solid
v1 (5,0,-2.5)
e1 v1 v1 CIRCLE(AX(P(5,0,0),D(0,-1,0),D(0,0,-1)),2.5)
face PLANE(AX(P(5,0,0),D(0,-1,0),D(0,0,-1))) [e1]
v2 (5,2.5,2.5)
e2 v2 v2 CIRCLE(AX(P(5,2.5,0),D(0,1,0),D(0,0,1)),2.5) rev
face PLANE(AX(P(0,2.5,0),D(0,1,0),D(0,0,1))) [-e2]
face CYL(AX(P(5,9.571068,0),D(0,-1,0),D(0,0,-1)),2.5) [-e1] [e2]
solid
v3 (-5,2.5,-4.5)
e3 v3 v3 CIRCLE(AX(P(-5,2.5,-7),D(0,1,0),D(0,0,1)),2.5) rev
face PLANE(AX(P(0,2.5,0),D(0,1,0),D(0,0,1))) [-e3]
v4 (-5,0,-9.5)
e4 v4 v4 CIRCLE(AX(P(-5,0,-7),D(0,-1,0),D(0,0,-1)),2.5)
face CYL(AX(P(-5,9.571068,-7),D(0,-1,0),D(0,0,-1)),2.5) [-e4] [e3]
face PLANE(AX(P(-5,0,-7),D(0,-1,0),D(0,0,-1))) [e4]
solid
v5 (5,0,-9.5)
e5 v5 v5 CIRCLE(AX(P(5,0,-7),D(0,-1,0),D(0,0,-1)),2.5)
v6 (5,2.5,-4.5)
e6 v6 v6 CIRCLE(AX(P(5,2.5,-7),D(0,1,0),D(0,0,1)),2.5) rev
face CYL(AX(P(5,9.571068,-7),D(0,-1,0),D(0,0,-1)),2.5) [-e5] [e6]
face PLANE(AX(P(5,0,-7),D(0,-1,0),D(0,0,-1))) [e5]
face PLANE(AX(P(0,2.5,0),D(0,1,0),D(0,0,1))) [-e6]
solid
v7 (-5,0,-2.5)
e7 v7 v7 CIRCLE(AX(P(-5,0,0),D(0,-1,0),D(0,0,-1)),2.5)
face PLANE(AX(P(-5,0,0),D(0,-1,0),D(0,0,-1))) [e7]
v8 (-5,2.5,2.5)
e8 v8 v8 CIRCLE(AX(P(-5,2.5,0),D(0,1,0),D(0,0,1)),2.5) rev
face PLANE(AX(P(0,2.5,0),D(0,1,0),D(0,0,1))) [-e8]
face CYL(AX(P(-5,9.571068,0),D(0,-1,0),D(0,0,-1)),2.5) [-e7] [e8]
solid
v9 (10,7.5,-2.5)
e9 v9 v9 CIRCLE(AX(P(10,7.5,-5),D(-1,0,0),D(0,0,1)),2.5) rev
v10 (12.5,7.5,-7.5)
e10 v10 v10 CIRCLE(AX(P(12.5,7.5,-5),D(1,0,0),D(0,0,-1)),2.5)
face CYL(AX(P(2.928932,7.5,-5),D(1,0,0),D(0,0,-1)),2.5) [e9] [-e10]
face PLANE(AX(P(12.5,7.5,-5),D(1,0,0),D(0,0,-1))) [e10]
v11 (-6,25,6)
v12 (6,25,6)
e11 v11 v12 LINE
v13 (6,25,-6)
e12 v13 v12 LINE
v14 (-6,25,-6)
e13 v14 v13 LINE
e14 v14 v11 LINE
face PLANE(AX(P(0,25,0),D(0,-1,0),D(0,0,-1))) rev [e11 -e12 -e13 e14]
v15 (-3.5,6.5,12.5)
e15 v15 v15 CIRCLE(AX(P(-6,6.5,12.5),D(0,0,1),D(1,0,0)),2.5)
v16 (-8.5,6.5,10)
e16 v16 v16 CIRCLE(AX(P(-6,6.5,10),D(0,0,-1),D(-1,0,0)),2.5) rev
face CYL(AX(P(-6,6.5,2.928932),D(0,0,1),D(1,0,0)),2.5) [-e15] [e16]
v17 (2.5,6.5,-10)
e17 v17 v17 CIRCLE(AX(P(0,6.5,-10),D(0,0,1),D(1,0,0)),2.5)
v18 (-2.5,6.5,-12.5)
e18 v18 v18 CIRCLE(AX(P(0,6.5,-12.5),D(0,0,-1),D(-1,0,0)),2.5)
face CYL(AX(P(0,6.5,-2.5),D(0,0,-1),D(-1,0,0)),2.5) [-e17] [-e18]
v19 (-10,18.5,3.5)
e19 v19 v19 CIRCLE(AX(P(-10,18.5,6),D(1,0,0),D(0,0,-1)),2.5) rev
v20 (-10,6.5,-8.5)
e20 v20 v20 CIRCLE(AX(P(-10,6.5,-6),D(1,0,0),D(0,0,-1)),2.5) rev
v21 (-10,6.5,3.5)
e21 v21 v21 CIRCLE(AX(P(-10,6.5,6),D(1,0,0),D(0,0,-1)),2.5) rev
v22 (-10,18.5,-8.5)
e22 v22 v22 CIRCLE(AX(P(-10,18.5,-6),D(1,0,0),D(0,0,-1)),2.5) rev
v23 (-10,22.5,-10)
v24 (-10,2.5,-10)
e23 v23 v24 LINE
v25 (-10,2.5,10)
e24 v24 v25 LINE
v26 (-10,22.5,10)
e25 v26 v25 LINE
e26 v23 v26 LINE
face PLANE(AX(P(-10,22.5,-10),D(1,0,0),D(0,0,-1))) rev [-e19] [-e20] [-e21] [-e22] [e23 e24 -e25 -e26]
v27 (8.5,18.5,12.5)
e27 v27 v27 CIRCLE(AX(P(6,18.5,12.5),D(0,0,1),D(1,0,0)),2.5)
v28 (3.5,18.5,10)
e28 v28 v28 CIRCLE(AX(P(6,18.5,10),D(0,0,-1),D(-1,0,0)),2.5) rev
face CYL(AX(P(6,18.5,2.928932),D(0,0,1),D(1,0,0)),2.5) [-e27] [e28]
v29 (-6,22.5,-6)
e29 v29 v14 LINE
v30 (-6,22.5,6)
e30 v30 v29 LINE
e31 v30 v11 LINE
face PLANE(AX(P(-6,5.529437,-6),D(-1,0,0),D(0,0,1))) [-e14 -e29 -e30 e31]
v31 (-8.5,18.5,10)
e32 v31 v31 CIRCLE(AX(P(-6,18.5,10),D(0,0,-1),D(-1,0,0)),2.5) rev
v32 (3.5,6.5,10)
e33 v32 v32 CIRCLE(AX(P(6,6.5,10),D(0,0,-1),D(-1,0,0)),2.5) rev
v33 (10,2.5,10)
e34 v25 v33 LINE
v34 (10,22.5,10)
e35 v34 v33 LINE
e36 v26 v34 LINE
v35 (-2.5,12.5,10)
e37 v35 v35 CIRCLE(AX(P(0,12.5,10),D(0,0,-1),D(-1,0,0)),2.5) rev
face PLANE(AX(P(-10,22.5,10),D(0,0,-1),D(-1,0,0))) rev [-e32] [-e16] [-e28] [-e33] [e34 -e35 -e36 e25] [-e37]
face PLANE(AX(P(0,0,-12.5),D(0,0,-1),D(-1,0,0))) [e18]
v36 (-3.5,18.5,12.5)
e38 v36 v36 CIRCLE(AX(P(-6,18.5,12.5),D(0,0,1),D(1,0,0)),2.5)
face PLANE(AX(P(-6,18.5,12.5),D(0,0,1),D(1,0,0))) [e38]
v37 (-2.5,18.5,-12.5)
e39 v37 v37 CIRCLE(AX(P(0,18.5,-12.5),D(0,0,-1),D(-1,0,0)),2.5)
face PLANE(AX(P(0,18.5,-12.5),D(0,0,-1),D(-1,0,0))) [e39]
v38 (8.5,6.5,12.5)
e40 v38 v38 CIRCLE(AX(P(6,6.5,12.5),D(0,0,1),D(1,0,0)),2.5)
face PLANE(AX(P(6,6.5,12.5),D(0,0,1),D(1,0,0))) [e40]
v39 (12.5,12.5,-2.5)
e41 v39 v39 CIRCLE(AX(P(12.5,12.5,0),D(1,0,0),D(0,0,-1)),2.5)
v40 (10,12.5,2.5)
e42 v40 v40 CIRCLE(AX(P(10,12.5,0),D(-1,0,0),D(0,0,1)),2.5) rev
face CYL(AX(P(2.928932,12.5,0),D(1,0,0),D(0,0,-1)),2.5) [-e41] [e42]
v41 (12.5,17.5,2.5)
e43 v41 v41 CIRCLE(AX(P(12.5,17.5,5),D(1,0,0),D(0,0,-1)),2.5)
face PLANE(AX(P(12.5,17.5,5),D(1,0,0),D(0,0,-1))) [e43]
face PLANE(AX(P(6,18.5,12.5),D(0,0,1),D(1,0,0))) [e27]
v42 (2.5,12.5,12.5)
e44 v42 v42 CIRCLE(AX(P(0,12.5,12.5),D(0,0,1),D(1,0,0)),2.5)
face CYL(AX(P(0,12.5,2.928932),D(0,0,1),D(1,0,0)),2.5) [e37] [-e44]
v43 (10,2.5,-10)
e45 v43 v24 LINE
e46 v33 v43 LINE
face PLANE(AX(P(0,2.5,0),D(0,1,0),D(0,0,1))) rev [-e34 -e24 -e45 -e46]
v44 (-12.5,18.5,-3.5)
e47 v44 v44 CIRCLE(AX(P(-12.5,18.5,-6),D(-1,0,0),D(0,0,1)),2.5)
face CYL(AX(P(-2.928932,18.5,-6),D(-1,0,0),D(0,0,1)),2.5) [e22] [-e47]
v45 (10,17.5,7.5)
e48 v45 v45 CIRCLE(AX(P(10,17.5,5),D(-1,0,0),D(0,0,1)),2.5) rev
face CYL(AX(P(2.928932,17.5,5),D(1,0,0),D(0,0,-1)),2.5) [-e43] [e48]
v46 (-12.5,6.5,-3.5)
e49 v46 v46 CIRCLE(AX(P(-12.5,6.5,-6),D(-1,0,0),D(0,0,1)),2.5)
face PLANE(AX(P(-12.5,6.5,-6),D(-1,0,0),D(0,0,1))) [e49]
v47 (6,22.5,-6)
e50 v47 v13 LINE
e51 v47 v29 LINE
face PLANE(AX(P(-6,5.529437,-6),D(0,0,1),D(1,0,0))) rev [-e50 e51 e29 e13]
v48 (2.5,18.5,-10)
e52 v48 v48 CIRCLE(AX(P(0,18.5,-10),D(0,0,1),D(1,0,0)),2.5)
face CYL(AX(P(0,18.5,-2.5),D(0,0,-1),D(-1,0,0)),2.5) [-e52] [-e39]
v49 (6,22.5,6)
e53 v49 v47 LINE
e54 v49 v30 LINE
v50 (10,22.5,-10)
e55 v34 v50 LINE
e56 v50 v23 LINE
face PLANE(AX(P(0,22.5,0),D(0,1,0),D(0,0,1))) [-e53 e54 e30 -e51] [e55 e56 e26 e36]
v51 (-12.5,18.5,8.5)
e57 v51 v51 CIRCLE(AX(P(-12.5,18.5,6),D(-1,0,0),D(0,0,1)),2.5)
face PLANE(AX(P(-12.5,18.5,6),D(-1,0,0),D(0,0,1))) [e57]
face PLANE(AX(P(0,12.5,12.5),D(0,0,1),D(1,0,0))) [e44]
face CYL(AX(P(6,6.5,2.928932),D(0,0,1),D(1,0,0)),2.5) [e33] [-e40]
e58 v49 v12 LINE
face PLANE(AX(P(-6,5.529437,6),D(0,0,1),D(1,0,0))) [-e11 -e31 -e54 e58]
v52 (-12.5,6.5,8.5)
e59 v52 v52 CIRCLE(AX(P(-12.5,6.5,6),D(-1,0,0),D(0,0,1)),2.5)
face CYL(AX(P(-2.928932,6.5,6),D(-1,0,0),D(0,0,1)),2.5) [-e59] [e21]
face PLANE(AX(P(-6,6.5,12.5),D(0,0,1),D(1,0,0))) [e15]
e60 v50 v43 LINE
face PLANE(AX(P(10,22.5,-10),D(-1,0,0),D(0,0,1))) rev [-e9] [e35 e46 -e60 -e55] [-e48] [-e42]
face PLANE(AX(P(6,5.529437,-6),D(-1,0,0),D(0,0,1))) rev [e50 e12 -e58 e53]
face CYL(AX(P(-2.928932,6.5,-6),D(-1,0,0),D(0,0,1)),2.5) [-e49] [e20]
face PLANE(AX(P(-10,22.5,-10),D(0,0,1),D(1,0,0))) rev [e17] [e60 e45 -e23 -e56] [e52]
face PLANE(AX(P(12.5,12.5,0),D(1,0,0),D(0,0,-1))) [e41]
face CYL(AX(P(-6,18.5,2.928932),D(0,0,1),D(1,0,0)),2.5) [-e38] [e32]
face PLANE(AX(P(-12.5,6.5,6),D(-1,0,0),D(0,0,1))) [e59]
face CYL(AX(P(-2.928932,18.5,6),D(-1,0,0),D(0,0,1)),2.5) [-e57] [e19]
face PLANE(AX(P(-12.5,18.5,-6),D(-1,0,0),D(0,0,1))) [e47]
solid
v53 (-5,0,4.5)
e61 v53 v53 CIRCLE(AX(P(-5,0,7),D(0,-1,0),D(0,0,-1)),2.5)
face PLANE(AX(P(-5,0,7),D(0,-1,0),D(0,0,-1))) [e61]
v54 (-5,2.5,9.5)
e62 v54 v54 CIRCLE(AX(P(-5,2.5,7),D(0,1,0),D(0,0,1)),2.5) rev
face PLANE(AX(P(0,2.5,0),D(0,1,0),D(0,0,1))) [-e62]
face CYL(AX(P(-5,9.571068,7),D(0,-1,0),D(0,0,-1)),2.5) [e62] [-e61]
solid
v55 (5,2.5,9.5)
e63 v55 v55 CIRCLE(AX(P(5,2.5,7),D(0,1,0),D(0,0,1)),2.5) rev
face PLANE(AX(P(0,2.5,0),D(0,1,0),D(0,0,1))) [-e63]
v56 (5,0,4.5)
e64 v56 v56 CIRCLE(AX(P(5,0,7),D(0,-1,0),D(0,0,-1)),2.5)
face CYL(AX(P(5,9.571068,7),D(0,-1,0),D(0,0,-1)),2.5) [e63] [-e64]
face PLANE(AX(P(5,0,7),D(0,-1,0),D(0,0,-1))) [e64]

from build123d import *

# Parameters (mm, degrees)
SKETCH1_W             = 25
SKETCH1_H             = 25
BOSS_EXTRUDE1_DEPTH   = 25
SCALE1_SCALE          = 0.8
SKETCH3_R             = 2.5
BOSS_EXTRUDE2_DEPTH   = 2.5
BOSS_EXTRUDE2_2_DEPTH = 2.5
BOSS_EXTRUDE2_3_DEPTH = 2.5
BOSS_EXTRUDE2_4_DEPTH = 2.5
BOSS_EXTRUDE2_5_DEPTH = 2.5
BOSS_EXTRUDE2_6_DEPTH = 2.5
SKETCH7_R             = 2.5
BOSS_EXTRUDE3_DEPTH   = 2.5
SKETCH5_R             = 2.5
BOSS_EXTRUDE4_DEPTH   = 2.5
SKETCH4_R             = 2.5
BOSS_EXTRUDE5_DEPTH   = 2.5
SKETCH2_W             = 12
SKETCH2_H             = 12
BOSS_EXTRUDE7_DEPTH   = 2.5
SKETCH8_R             = 2.5
BOSS_EXTRUDE8_DEPTH   = 10


with BuildPart() as part:
    # Sketch1 → Boss-Extrude1 (new body)
    with BuildSketch(Plane(origin=(0, 0, 0), x_dir=(1, 0, 0), z_dir=(0, 1, 0))):
        Rectangle(SKETCH1_W, SKETCH1_H)
    extrude(amount=BOSS_EXTRUDE1_DEPTH)


with BuildPart() as part_1:
    # Scale1: scaled about (0, 12.5, 0)
    add(part.part.scale(SCALE1_SCALE).moved(Location((0, 2.5, 0))))

    # Sketch7 → Boss-Extrude3 (add)
    with BuildSketch(Plane.XY.offset(12.5)):
        with Locations((-6, 18.5)):
            Circle(SKETCH7_R)
        with Locations((0, 12.5)):
            Circle(SKETCH7_R)
        with Locations((6, 18.5)):
            Circle(SKETCH7_R)
        with Locations((6, 6.5)):
            Circle(SKETCH7_R)
        with Locations((-6, 6.5)):
            Circle(SKETCH7_R)
    extrude(amount=-BOSS_EXTRUDE3_DEPTH)

    # Sketch5 → Boss-Extrude4 (add)
    with BuildSketch(Plane.ZY.offset(12.5)):
        with Locations((-6, 18.5)):
            Circle(SKETCH5_R)
        with Locations((6, 18.5)):
            Circle(SKETCH5_R)
        with Locations((6, 6.5)):
            Circle(SKETCH5_R)
        with Locations((-6, 6.5)):
            Circle(SKETCH5_R)
    extrude(amount=-BOSS_EXTRUDE4_DEPTH)

    # Sketch4 → Boss-Extrude5 (add)
    with BuildSketch(Plane(origin=(12.5, 0, 0), x_dir=(0, 0, -1), z_dir=(1, 0, 0))):
        with Locations((-5, 17.5)):
            Circle(SKETCH4_R)
        with Locations((0, 12.5)):
            Circle(SKETCH4_R)
        with Locations((5, 7.5)):
            Circle(SKETCH4_R)
    extrude(amount=-BOSS_EXTRUDE5_DEPTH)

    # Sketch2 → Boss-Extrude7 (add)
    with BuildSketch(Plane(origin=(0, 25, 0), x_dir=(1, 0, 0), z_dir=(0, 1, 0))):
        Rectangle(SKETCH2_W, SKETCH2_H)
    extrude(amount=-BOSS_EXTRUDE7_DEPTH)

    # Sketch8 → Boss-Extrude8 (add)
    with BuildSketch(Plane(origin=(0, 0, -12.5), x_dir=(-1, 0, 0), z_dir=(0, 0, -1))):
        with Locations((0, 6.5)):
            Circle(SKETCH8_R)
        with Locations((0, 18.5)):
            Circle(SKETCH8_R)
    extrude(amount=-BOSS_EXTRUDE8_DEPTH)


with BuildPart() as body_2:
    # Sketch3 → Boss-Extrude2 (new body)
    with BuildSketch(Plane.XZ):
        with Locations((-5, 7)):
            Circle(SKETCH3_R)
    extrude(amount=-BOSS_EXTRUDE2_DEPTH)


with BuildPart() as body_3:
    # Sketch3 → Boss-Extrude2 2 (new body)
    with BuildSketch(Plane.XZ):
        with Locations((-5, 0)):
            Circle(SKETCH3_R)
    extrude(amount=-BOSS_EXTRUDE2_2_DEPTH)


with BuildPart() as body_4:
    # Sketch3 → Boss-Extrude2 3 (new body)
    with BuildSketch(Plane.XZ):
        with Locations((-5, -7)):
            Circle(SKETCH3_R)
    extrude(amount=-BOSS_EXTRUDE2_3_DEPTH)


with BuildPart() as body_5:
    # Sketch3 → Boss-Extrude2 4 (new body)
    with BuildSketch(Plane.XZ):
        with Locations((5, 7)):
            Circle(SKETCH3_R)
    extrude(amount=-BOSS_EXTRUDE2_4_DEPTH)


with BuildPart() as body_6:
    # Sketch3 → Boss-Extrude2 5 (new body)
    with BuildSketch(Plane.XZ):
        with Locations((5, 0)):
            Circle(SKETCH3_R)
    extrude(amount=-BOSS_EXTRUDE2_5_DEPTH)


with BuildPart() as body_7:
    # Sketch3 → Boss-Extrude2 6 (new body)
    with BuildSketch(Plane.XZ):
        with Locations((5, -7)):
            Circle(SKETCH3_R)
    extrude(amount=-BOSS_EXTRUDE2_6_DEPTH)


solid = Compound([part_1.part, body_2.part, body_3.part, body_4.part, body_5.part, body_6.part, body_7.part])
